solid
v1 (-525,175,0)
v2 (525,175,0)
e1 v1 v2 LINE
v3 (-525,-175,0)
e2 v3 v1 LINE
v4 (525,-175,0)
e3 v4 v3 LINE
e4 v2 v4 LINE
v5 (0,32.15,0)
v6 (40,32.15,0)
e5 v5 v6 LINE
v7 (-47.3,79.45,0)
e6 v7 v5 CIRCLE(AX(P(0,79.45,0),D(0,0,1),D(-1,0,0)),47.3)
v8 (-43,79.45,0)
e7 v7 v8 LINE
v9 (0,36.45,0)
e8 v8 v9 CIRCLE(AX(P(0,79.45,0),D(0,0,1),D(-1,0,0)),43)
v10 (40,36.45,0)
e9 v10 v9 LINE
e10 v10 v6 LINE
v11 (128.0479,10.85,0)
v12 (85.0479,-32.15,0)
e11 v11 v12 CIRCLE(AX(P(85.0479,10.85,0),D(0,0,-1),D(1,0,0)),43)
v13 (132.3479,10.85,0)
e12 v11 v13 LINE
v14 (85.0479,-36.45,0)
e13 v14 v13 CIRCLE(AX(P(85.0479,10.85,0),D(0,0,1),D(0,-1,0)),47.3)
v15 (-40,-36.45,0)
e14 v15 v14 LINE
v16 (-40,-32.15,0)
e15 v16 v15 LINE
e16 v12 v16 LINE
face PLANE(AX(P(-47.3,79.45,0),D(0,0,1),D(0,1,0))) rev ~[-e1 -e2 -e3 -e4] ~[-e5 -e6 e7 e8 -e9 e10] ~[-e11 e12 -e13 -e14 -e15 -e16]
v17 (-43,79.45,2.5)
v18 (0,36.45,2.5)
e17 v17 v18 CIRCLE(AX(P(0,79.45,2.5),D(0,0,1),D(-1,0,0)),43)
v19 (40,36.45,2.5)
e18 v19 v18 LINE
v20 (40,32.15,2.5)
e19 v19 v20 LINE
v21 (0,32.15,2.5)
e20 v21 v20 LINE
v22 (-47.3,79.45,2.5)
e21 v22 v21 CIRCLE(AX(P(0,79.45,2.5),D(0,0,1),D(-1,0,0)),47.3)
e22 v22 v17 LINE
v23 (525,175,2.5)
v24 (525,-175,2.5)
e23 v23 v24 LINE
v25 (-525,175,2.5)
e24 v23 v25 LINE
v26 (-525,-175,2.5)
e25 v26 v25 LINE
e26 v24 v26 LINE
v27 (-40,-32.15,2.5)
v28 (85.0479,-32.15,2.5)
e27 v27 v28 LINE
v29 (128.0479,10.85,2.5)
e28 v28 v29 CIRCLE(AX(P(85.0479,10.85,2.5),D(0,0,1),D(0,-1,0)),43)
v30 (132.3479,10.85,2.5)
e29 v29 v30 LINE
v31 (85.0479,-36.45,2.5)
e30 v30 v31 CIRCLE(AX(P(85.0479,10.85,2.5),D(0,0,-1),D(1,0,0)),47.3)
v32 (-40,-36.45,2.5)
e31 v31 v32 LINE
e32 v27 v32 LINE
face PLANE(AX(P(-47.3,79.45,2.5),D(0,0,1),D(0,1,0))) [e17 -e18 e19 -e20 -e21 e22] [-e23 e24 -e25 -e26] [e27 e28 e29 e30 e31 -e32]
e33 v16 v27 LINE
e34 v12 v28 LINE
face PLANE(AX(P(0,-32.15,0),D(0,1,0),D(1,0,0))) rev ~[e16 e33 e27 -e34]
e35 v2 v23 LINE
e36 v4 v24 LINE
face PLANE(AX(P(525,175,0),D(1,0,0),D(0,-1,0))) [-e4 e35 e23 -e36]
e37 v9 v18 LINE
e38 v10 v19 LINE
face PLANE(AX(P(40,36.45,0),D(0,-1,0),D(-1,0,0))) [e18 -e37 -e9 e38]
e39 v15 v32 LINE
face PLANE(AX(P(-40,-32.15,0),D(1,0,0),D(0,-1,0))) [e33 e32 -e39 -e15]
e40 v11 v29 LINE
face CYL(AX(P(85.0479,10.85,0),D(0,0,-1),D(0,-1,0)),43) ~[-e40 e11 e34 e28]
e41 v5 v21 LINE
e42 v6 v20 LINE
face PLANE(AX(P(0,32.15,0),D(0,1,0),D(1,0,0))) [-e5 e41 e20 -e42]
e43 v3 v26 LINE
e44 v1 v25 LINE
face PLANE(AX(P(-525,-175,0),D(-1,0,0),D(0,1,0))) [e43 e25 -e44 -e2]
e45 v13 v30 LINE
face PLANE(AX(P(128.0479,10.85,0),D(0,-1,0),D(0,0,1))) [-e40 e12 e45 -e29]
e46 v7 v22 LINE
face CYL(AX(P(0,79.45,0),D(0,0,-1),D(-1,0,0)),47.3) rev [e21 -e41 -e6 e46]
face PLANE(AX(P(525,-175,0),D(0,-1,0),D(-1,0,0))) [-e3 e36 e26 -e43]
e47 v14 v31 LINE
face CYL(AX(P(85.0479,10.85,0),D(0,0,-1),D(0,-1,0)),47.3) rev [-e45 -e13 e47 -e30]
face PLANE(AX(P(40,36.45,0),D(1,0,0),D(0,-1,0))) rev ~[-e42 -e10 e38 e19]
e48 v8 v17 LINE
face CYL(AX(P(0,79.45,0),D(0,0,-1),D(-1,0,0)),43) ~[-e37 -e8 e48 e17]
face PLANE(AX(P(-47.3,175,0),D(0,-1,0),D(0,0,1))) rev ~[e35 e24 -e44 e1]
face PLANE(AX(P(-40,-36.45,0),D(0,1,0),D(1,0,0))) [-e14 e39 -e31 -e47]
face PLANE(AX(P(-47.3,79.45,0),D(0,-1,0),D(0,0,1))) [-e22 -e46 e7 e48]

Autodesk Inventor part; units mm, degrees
ref_plane "YZ Plane" through (0, 0, 0) normal (1, 0, 0) x (0, 1, 0)
ref_plane "XZ Plane" through (0, 0, 0) normal (0, 1, 0) x (-1, 0, 0)
ref_plane "XY Plane" through (0, 0, 0) normal (0, 0, 1) x (1, 0, 0)
sketch "Sketch1" plane through (0, 0, 0) normal (0, 0, 1) x (1, 0, 0)
  line L0 (-525, 175) -> (525, 175) projected
  line L1 (-525, -175) -> (-525, 175) projected
  line L2 (525, -175) -> (-525, -175) projected
  line L3 (525, 175) -> (525, -175) projected
  arc A0 (-434.5, -36.45) -> (-475.35, -77.3) centre (-434.5, -77.3) ccw projected
  line L4 (-475.35, -85.5) -> (-475.35, -77.3) projected
  arc A1 (-475.35, -85.5) -> (-434.5, -126.35) centre (-434.5, -85.5) ccw projected
  line L5 (434.5, -126.35) -> (-434.5, -126.35) projected
  arc A2 (434.5, -126.35) -> (475.35, -85.5) centre (434.5, -85.5) ccw projected
  line L6 (475.35, -65.8667) -> (475.35, -85.5) projected
  arc A3 (475.35, -65.8667) -> (434.5, -25.0167) centre (434.5, -65.8667) ccw projected
  line L7 (-445.75, -25.0167) -> (434.5, -25.0167) projected
  arc A4 (-445.75, -25.0167) -> (-486.6, -65.8667) centre (-445.75, -65.8667) ccw projected
  line L8 (-486.6, -96.25) -> (-486.6, -65.8667) projected
  arc A5 (-486.6, -96.25) -> (-445.75, -137.1) centre (-445.75, -96.25) ccw projected
  line L9 (445.75, -137.1) -> (-445.75, -137.1) projected
  arc A6 (445.75, -137.1) -> (486.6, -96.25) centre (445.75, -96.25) ccw projected
  line L10 (486.6, -54.4333) -> (486.6, -96.25) projected
  arc A7 (486.6, -54.4333) -> (445.75, -13.5833) centre (445.75, -54.4333) ccw projected
  line L11 (-457, -13.5833) -> (445.75, -13.5833) projected
  arc A8 (-457, -13.5833) -> (-497.85, -54.4333) centre (-457, -54.4333) ccw projected
  line L12 (-497.85, -107) -> (-497.85, -54.4333) projected
  arc A9 (-497.85, -107) -> (-457, -147.85) centre (-457, -107) ccw projected
  line L13 (457, -147.85) -> (-457, -147.85) projected
  arc A10 (457, -147.85) -> (497.85, -107) centre (457, -107) ccw projected
  line L14 (497.85, -43) -> (497.85, -107) projected
  arc A11 (497.85, -43) -> (457, -2.15) centre (457, -43) ccw projected
  line L15 (-457, -2.15) -> (457, -2.15) projected
  arc A12 (-502.15, 43) -> (-457, -2.15) centre (-457, 43) ccw projected
  line L16 (-502.15, 107) -> (-502.15, 43) projected
  arc A13 (-457, 152.15) -> (-502.15, 107) centre (-457, 107) ccw projected
  line L17 (457, 152.15) -> (-457, 152.15) projected
  arc A14 (502.15, 107) -> (457, 152.15) centre (457, 107) ccw projected
  line L18 (502.15, 54.4333) -> (502.15, 107) projected
  arc A15 (457, 9.2833) -> (502.15, 54.4333) centre (457, 54.4333) ccw projected
  line L19 (-445.75, 9.2833) -> (457, 9.2833) projected
  arc A16 (-490.9, 54.4333) -> (-445.75, 9.2833) centre (-445.75, 54.4333) ccw projected
  line L20 (-490.9, 96.25) -> (-490.9, 54.4333) projected
  arc A17 (-445.75, 141.4) -> (-490.9, 96.25) centre (-445.75, 96.25) ccw projected
  line L21 (445.75, 141.4) -> (-445.75, 141.4) projected
  arc A18 (490.9, 96.25) -> (445.75, 141.4) centre (445.75, 96.25) ccw projected
  line L22 (490.9, 65.8667) -> (490.9, 96.25) projected
  arc A19 (445.75, 20.7167) -> (490.9, 65.8667) centre (445.75, 65.8667) ccw projected
  line L23 (-434.5, 20.7167) -> (445.75, 20.7167) projected
  arc A20 (-479.65, 65.8667) -> (-434.5, 20.7167) centre (-434.5, 65.8667) ccw projected
  line L24 (-479.65, 85.5) -> (-479.65, 65.8667) projected
  arc A21 (-434.5, 130.65) -> (-479.65, 85.5) centre (-434.5, 85.5) ccw projected
  line L25 (434.5, 130.65) -> (-434.5, 130.65) projected
  arc A22 (479.65, 85.5) -> (434.5, 130.65) centre (434.5, 85.5) ccw projected
  line L26 (479.65, 77.3) -> (479.65, 85.5) projected
  arc A23 (434.5, 32.15) -> (479.65, 77.3) centre (434.5, 77.3) ccw projected
  line L27 (0, 32.15) -> (434.5, 32.15) projected
  line L28 (0, 36.45) -> (0, 32.15) projected
  line L29 (434.5, 36.45) -> (0, 36.45) projected
  arc A24 (434.5, 36.45) -> (475.35, 77.3) centre (434.5, 77.3) ccw projected
  line L30 (475.35, 85.5) -> (475.35, 77.3) projected
  arc A25 (475.35, 85.5) -> (434.5, 126.35) centre (434.5, 85.5) ccw projected
  line L31 (-434.5, 126.35) -> (434.5, 126.35) projected
  arc A26 (-434.5, 126.35) -> (-475.35, 85.5) centre (-434.5, 85.5) ccw projected
  line L32 (-475.35, 65.8667) -> (-475.35, 85.5) projected
  arc A27 (-475.35, 65.8667) -> (-434.5, 25.0167) centre (-434.5, 65.8667) ccw projected
  line L33 (445.75, 25.0167) -> (-434.5, 25.0167) projected
  arc A28 (445.75, 25.0167) -> (486.6, 65.8667) centre (445.75, 65.8667) ccw projected
  line L34 (486.6, 96.25) -> (486.6, 65.8667) projected
  arc A29 (486.6, 96.25) -> (445.75, 137.1) centre (445.75, 96.25) ccw projected
  line L35 (-445.75, 137.1) -> (445.75, 137.1) projected
  arc A30 (-445.75, 137.1) -> (-486.6, 96.25) centre (-445.75, 96.25) ccw projected
  line L36 (-486.6, 54.4333) -> (-486.6, 96.25) projected
  arc A31 (-486.6, 54.4333) -> (-445.75, 13.5833) centre (-445.75, 54.4333) ccw projected
  line L37 (457, 13.5833) -> (-445.75, 13.5833) projected
  arc A32 (457, 13.5833) -> (497.85, 54.4333) centre (457, 54.4333) ccw projected
  line L38 (497.85, 107) -> (497.85, 54.4333) projected
  arc A33 (497.85, 107) -> (457, 147.85) centre (457, 107) ccw projected
  line L39 (-457, 147.85) -> (457, 147.85) projected
  arc A34 (-457, 147.85) -> (-497.85, 107) centre (-457, 107) ccw projected
  line L40 (-497.85, 43) -> (-497.85, 107) projected
  arc A35 (-497.85, 43) -> (-457, 2.15) centre (-457, 43) ccw projected
  line L41 (457, 2.15) -> (-457, 2.15) projected
  arc A36 (502.15, -43) -> (457, 2.15) centre (457, -43) ccw projected
  line L42 (502.15, -107) -> (502.15, -43) projected
  arc A37 (457, -152.15) -> (502.15, -107) centre (457, -107) ccw projected
  line L43 (-457, -152.15) -> (457, -152.15) projected
  arc A38 (-502.15, -107) -> (-457, -152.15) centre (-457, -107) ccw projected
  line L44 (-502.15, -54.4333) -> (-502.15, -107) projected
  arc A39 (-457, -9.2833) -> (-502.15, -54.4333) centre (-457, -54.4333) ccw projected
  line L45 (445.75, -9.2833) -> (-457, -9.2833) projected
  arc A40 (490.9, -54.4333) -> (445.75, -9.2833) centre (445.75, -54.4333) ccw projected
  line L46 (490.9, -96.25) -> (490.9, -54.4333) projected
  arc A41 (445.75, -141.4) -> (490.9, -96.25) centre (445.75, -96.25) ccw projected
  line L47 (-445.75, -141.4) -> (445.75, -141.4) projected
  arc A42 (-490.9, -96.25) -> (-445.75, -141.4) centre (-445.75, -96.25) ccw projected
  line L48 (-490.9, -65.8667) -> (-490.9, -96.25) projected
  arc A43 (-445.75, -20.7167) -> (-490.9, -65.8667) centre (-445.75, -65.8667) ccw projected
  line L49 (434.5, -20.7167) -> (-445.75, -20.7167) projected
  arc A44 (479.65, -65.8667) -> (434.5, -20.7167) centre (434.5, -65.8667) ccw projected
  line L50 (479.65, -85.5) -> (479.65, -65.8667) projected
  arc A45 (434.5, -130.65) -> (479.65, -85.5) centre (434.5, -85.5) ccw projected
  line L51 (-434.5, -130.65) -> (434.5, -130.65) projected
  arc A46 (-479.65, -85.5) -> (-434.5, -130.65) centre (-434.5, -85.5) ccw projected
  line L52 (-479.65, -77.3) -> (-479.65, -85.5) projected
  arc A47 (-434.5, -32.15) -> (-479.65, -77.3) centre (-434.5, -77.3) ccw projected
  line L53 (0, -32.15) -> (-434.5, -32.15) projected
  line L54 (0, -36.45) -> (0, -32.15) projected
  line L55 (-434.5, -36.45) -> (0, -36.45) projected
  line L56 (-525, 175) -> (525, 175) projected
  line L57 (-525, -175) -> (-525, 175) projected
  line L58 (525, -175) -> (-525, -175) projected
  line L59 (525, 175) -> (525, -175) projected
  arc A48 (-434.5, -36.45) -> (-475.35, -77.3) centre (-434.5, -77.3) ccw projected
  line L60 (-475.35, -85.5) -> (-475.35, -77.3) projected
  arc A49 (-475.35, -85.5) -> (-434.5, -126.35) centre (-434.5, -85.5) ccw projected
  line L61 (434.5, -126.35) -> (-434.5, -126.35) projected
  arc A50 (434.5, -126.35) -> (475.35, -85.5) centre (434.5, -85.5) ccw projected
  line L62 (475.35, -65.8667) -> (475.35, -85.5) projected
  arc A51 (475.35, -65.8667) -> (434.5, -25.0167) centre (434.5, -65.8667) ccw projected
  line L63 (-445.75, -25.0167) -> (434.5, -25.0167) projected
  arc A52 (-445.75, -25.0167) -> (-486.6, -65.8667) centre (-445.75, -65.8667) ccw projected
  line L64 (-486.6, -96.25) -> (-486.6, -65.8667) projected
  arc A53 (-486.6, -96.25) -> (-445.75, -137.1) centre (-445.75, -96.25) ccw projected
  line L65 (445.75, -137.1) -> (-445.75, -137.1) projected
  arc A54 (445.75, -137.1) -> (486.6, -96.25) centre (445.75, -96.25) ccw projected
  line L66 (486.6, -54.4333) -> (486.6, -96.25) projected
  arc A55 (486.6, -54.4333) -> (445.75, -13.5833) centre (445.75, -54.4333) ccw projected
  line L67 (-457, -13.5833) -> (445.75, -13.5833) projected
  arc A56 (-457, -13.5833) -> (-497.85, -54.4333) centre (-457, -54.4333) ccw projected
  line L68 (-497.85, -107) -> (-497.85, -54.4333) projected
  arc A57 (-497.85, -107) -> (-457, -147.85) centre (-457, -107) ccw projected
  line L69 (457, -147.85) -> (-457, -147.85) projected
  arc A58 (457, -147.85) -> (497.85, -107) centre (457, -107) ccw projected
  line L70 (497.85, -43) -> (497.85, -107) projected
  arc A59 (497.85, -43) -> (457, -2.15) centre (457, -43) ccw projected
  line L71 (-457, -2.15) -> (457, -2.15) projected
  arc A60 (-502.15, 43) -> (-457, -2.15) centre (-457, 43) ccw projected
  line L72 (-502.15, 107) -> (-502.15, 43) projected
  arc A61 (-457, 152.15) -> (-502.15, 107) centre (-457, 107) ccw projected
  line L73 (457, 152.15) -> (-457, 152.15) projected
  arc A62 (502.15, 107) -> (457, 152.15) centre (457, 107) ccw projected
  line L74 (502.15, 54.4333) -> (502.15, 107) projected
  arc A63 (457, 9.2833) -> (502.15, 54.4333) centre (457, 54.4333) ccw projected
  line L75 (-445.75, 9.2833) -> (457, 9.2833) projected
  arc A64 (-490.9, 54.4333) -> (-445.75, 9.2833) centre (-445.75, 54.4333) ccw projected
  line L76 (-490.9, 96.25) -> (-490.9, 54.4333) projected
  arc A65 (-445.75, 141.4) -> (-490.9, 96.25) centre (-445.75, 96.25) ccw projected
  line L77 (445.75, 141.4) -> (-445.75, 141.4) projected
  arc A66 (490.9, 96.25) -> (445.75, 141.4) centre (445.75, 96.25) ccw projected
  line L78 (490.9, 65.8667) -> (490.9, 96.25) projected
  arc A67 (445.75, 20.7167) -> (490.9, 65.8667) centre (445.75, 65.8667) ccw projected
  line L79 (-434.5, 20.7167) -> (445.75, 20.7167) projected
  arc A68 (-479.65, 65.8667) -> (-434.5, 20.7167) centre (-434.5, 65.8667) ccw projected
  line L80 (-479.65, 85.5) -> (-479.65, 65.8667) projected
  arc A69 (-434.5, 130.65) -> (-479.65, 85.5) centre (-434.5, 85.5) ccw projected
  line L81 (434.5, 130.65) -> (-434.5, 130.65) projected
  arc A70 (479.65, 85.5) -> (434.5, 130.65) centre (434.5, 85.5) ccw projected
  line L82 (479.65, 77.3) -> (479.65, 85.5) projected
  arc A71 (434.5, 32.15) -> (479.65, 77.3) centre (434.5, 77.3) ccw projected
  line L83 (0, 32.15) -> (434.5, 32.15) projected
  line L84 (0, 36.45) -> (0, 32.15) projected
  line L85 (434.5, 36.45) -> (0, 36.45) projected
  arc A72 (434.5, 36.45) -> (475.35, 77.3) centre (434.5, 77.3) ccw projected
  line L86 (475.35, 85.5) -> (475.35, 77.3) projected
  arc A73 (475.35, 85.5) -> (434.5, 126.35) centre (434.5, 85.5) ccw projected
  line L87 (-434.5, 126.35) -> (434.5, 126.35) projected
  arc A74 (-434.5, 126.35) -> (-475.35, 85.5) centre (-434.5, 85.5) ccw projected
  line L88 (-475.35, 65.8667) -> (-475.35, 85.5) projected
  arc A75 (-475.35, 65.8667) -> (-434.5, 25.0167) centre (-434.5, 65.8667) ccw projected
  line L89 (445.75, 25.0167) -> (-434.5, 25.0167) projected
  arc A76 (445.75, 25.0167) -> (486.6, 65.8667) centre (445.75, 65.8667) ccw projected
  line L90 (486.6, 96.25) -> (486.6, 65.8667) projected
  arc A77 (486.6, 96.25) -> (445.75, 137.1) centre (445.75, 96.25) ccw projected
  line L91 (-445.75, 137.1) -> (445.75, 137.1) projected
  arc A78 (-445.75, 137.1) -> (-486.6, 96.25) centre (-445.75, 96.25) ccw projected
  line L92 (-486.6, 54.4333) -> (-486.6, 96.25) projected
  arc A79 (-486.6, 54.4333) -> (-445.75, 13.5833) centre (-445.75, 54.4333) ccw projected
  line L93 (457, 13.5833) -> (-445.75, 13.5833) projected
  arc A80 (457, 13.5833) -> (497.85, 54.4333) centre (457, 54.4333) ccw projected
  line L94 (497.85, 107) -> (497.85, 54.4333) projected
  arc A81 (497.85, 107) -> (457, 147.85) centre (457, 107) ccw projected
  line L95 (-457, 147.85) -> (457, 147.85) projected
  arc A82 (-457, 147.85) -> (-497.85, 107) centre (-457, 107) ccw projected
  line L96 (-497.85, 43) -> (-497.85, 107) projected
  arc A83 (-497.85, 43) -> (-457, 2.15) centre (-457, 43) ccw projected
  line L97 (457, 2.15) -> (-457, 2.15) projected
  arc A84 (502.15, -43) -> (457, 2.15) centre (457, -43) ccw projected
  line L98 (502.15, -107) -> (502.15, -43) projected
  arc A85 (457, -152.15) -> (502.15, -107) centre (457, -107) ccw projected
  line L99 (-457, -152.15) -> (457, -152.15) projected
  arc A86 (-502.15, -107) -> (-457, -152.15) centre (-457, -107) ccw projected
  line L100 (-502.15, -54.4333) -> (-502.15, -107) projected
  arc A87 (-457, -9.2833) -> (-502.15, -54.4333) centre (-457, -54.4333) ccw projected
  line L101 (445.75, -9.2833) -> (-457, -9.2833) projected
  arc A88 (490.9, -54.4333) -> (445.75, -9.2833) centre (445.75, -54.4333) ccw projected
  line L102 (490.9, -96.25) -> (490.9, -54.4333) projected
  arc A89 (445.75, -141.4) -> (490.9, -96.25) centre (445.75, -96.25) ccw projected
  line L103 (-445.75, -141.4) -> (445.75, -141.4) projected
  arc A90 (-490.9, -96.25) -> (-445.75, -141.4) centre (-445.75, -96.25) ccw projected
  line L104 (-490.9, -65.8667) -> (-490.9, -96.25) projected
  arc A91 (-445.75, -20.7167) -> (-490.9, -65.8667) centre (-445.75, -65.8667) ccw projected
  line L105 (434.5, -20.7167) -> (-445.75, -20.7167) projected
  arc A92 (479.65, -65.8667) -> (434.5, -20.7167) centre (434.5, -65.8667) ccw projected
  line L106 (479.65, -85.5) -> (479.65, -65.8667) projected
  arc A93 (434.5, -130.65) -> (479.65, -85.5) centre (434.5, -85.5) ccw projected
  line L107 (-434.5, -130.65) -> (434.5, -130.65) projected
  arc A94 (-479.65, -85.5) -> (-434.5, -130.65) centre (-434.5, -85.5) ccw projected
  line L108 (-479.65, -77.3) -> (-479.65, -85.5) projected
  arc A95 (-434.5, -32.15) -> (-479.65, -77.3) centre (-434.5, -77.3) ccw projected
  line L109 (0, -32.15) -> (-434.5, -32.15) projected
  line L110 (0, -36.45) -> (0, -32.15) projected
  line L111 (-434.5, -36.45) -> (0, -36.45) projected
  line L112 (0, -32.15) -> (0, 10.85) construction
  line L113 (18.1865, 10.85) -> (0, 10.85) construction
  line L114 (0, -36.45) -> (0, 10.85) construction
  line L115 (25.3634, 10.85) -> (0, 10.85) construction
  arc A96 (-43, 79.45) -> (0, 36.45) centre (0, 79.45) ccw
  line L116 (0, 36.45) -> (0, 79.45) construction
  line L117 (-43, 79.45) -> (0, 79.45) construction
  arc A97 (-47.3, 79.45) -> (0, 32.15) centre (0, 79.45) ccw
  line L118 (0, 32.15) -> (0, 79.45) construction
  line L119 (-47.3, 79.45) -> (0, 79.45) construction
  line L120 (-43, 79.45) -> (-43, 175)
  line L121 (-47.3, 79.45) -> (-47.3, 175)
  line L122 (85.0479, 2.11) -> (85.0479, -106.33) projected
  line L123 (0, -36.45) -> (85.0479, -36.45)
  line L124 (0, -32.15) -> (85.0479, -32.15)
  arc A98 (85.0479, -32.15) -> (128.0479, 10.85) centre (85.0479, 10.85) ccw
  line L125 (85.0479, -32.15) -> (85.0479, 10.85) construction
  line L126 (128.0479, 10.85) -> (85.0479, 10.85) construction
  arc A99 (85.0479, -36.45) -> (132.3479, 10.85) centre (85.0479, 10.85) ccw
  line L127 (85.0479, -36.45) -> (85.0479, 10.85) construction
  line L128 (132.3479, 10.85) -> (85.0479, 10.85) construction
  line L129 (128.0479, 10.85) -> (128.0479, 175)
  line L130 (132.3479, 10.85) -> (132.3479, 175)
  line L131 (0, 36.45) -> (0, 32.15)
  line L132 (0, -36.45) -> (0, -32.15)
  line L133 (-40, -32.15) -> (-40, -36.45)
  line L134 (40, 36.45) -> (40, 32.15)
  point P0 (0, 0)
  point P1 (128.0479, 175)
  point P2 (132.3479, 175)
  dimension "d4" = 90
  dimension "d6" = 90
  dimension "d7" = 43
  dimension "d8" = 90
  dimension "d9" = 47.3
  dimension "d10" = 90
  dimension "d11" = 43
  dimension "d12" = 90
  dimension "d13" = 47.3
  dimension "d14" = 90
  dimension "d17" = 40
  dimension "d18" = 40
extrude "Extrusion1" add sketch "Sketch1" along normal blind 2.5 contours L0 L121 L17 A13 L16 A12 L15 L122 L45 A39 L44 A38 L43 A37 L42 A36 L41 A99 L19 A15 L18 A14 L130 L3 L2 L1 | L0 L129 L17 L120 | L121 L39 A34 L40 A35 L41 A98 L15 A12 L16 A13 L17 | L17 L129 L39 L120 | L121 L21 A17 L20 A16 L19 A98 L41 A35 L40 A34 L39 | L39 L129 L21 L120 | L121 L35 A30 L36 A31 L37 L129 A98 L19 A16 L20 A17 L21 | L17 A14 L18 A15 L19 A99 L130 L37 A32 L38 A33 L39 | L21 L129 L35 L120 | L121 L25 A21 L24 A20 L23 L129 L37 A31 L36 A30 L35 | L39 A33 L38 A32 L37 L130 L23 A19 L22 A18 L21 | L35 L129 L25 L120 | L121 L31 A26 L32 A27 L33 L129 L23 A20 L24 A21 L25 | L21 A18 L22 A19 L23 L130 L33 A28 L34 A29 L35 | L25 L129 L31 L120 | L15 A98 L45 L122 | L121 A97 L27 L129 L33 A27 L32 A26 L31 | L35 A29 L34 A28 L33 L130 L27 A23 L26 A22 L25 | L31 L129 L29 A96 L120 | L122 L11 A8 L12 A9 L13 A10 L14 A11 L15 A99 L41 A36 L42 A37 L43 A38 L44 A39 L45 | L45 A98 L11 L122 | L25 A22 L26 A23 L27 L130 L29 A24 L30 A25 L31 | L15 A11 L14 A10 L13 A9 L12 A8 L11 L122 L49 A43 L48 A42 L47 A41 L46 A40 L45 A99 | L11 A98 L49 L122 | L31 A25 L30 A24 L29 L130 | L129 L27 L134 L29 | L45 A40 L46 A41 L47 A42 L48 A43 L49 L122 L7 A4 L8 A5 L9 A6 L10 A7 L11 A99 | L49 A98 L7 L122 | L11 A7 L10 A6 L9 A5 L8 A4 L7 L122 L124 L53 A47 L52 A46 L51 A45 L50 A44 L49 A99 | L7 A98 L122 | L49 A44 L50 A45 L51 A46 L52 A47 L53 L133 L55 A0 L4 A1 L5 A2 L6 A3 L7 A99 | L7 A3 L6 A2 L5 A1 L4 A0 L55 L123 A99
sketch "Sketch2" plane through (128.0479, 10.85, 0) normal (1, 0, 0) x (0, 0, -1)
  line L0 (0, 0) -> (0, 164.15) projected
  line L1 (0, 164.15) -> (-2.5, 164.15) projected
  line L2 (-2.5, 0) -> (-2.5, 164.15) projected
  line L3 (0, 0) -> (-2.5, 0) projected
  point P0 (0, -10.85)
extrude "Extrusion2" add sketch "Sketch2" along normal blind 4.3
sketch "Sketch3" plane through (-47.3, 79.45, 0) normal (1, 0, 0) x (0, 0, -1)
  line L0 (0, 0) -> (0, 95.55) projected
  line L1 (0, 95.55) -> (-2.5, 95.55) projected
  line L2 (-2.5, 0) -> (-2.5, 95.55) projected
  line L3 (0, 0) -> (-2.5, 0) projected
  point P0 (0, -79.45)
extrude "Extrusion3" add sketch "Sketch3" along normal blind 4.3
properties part number "btwnFerriteAndCoil" material "LCP Plastic"
